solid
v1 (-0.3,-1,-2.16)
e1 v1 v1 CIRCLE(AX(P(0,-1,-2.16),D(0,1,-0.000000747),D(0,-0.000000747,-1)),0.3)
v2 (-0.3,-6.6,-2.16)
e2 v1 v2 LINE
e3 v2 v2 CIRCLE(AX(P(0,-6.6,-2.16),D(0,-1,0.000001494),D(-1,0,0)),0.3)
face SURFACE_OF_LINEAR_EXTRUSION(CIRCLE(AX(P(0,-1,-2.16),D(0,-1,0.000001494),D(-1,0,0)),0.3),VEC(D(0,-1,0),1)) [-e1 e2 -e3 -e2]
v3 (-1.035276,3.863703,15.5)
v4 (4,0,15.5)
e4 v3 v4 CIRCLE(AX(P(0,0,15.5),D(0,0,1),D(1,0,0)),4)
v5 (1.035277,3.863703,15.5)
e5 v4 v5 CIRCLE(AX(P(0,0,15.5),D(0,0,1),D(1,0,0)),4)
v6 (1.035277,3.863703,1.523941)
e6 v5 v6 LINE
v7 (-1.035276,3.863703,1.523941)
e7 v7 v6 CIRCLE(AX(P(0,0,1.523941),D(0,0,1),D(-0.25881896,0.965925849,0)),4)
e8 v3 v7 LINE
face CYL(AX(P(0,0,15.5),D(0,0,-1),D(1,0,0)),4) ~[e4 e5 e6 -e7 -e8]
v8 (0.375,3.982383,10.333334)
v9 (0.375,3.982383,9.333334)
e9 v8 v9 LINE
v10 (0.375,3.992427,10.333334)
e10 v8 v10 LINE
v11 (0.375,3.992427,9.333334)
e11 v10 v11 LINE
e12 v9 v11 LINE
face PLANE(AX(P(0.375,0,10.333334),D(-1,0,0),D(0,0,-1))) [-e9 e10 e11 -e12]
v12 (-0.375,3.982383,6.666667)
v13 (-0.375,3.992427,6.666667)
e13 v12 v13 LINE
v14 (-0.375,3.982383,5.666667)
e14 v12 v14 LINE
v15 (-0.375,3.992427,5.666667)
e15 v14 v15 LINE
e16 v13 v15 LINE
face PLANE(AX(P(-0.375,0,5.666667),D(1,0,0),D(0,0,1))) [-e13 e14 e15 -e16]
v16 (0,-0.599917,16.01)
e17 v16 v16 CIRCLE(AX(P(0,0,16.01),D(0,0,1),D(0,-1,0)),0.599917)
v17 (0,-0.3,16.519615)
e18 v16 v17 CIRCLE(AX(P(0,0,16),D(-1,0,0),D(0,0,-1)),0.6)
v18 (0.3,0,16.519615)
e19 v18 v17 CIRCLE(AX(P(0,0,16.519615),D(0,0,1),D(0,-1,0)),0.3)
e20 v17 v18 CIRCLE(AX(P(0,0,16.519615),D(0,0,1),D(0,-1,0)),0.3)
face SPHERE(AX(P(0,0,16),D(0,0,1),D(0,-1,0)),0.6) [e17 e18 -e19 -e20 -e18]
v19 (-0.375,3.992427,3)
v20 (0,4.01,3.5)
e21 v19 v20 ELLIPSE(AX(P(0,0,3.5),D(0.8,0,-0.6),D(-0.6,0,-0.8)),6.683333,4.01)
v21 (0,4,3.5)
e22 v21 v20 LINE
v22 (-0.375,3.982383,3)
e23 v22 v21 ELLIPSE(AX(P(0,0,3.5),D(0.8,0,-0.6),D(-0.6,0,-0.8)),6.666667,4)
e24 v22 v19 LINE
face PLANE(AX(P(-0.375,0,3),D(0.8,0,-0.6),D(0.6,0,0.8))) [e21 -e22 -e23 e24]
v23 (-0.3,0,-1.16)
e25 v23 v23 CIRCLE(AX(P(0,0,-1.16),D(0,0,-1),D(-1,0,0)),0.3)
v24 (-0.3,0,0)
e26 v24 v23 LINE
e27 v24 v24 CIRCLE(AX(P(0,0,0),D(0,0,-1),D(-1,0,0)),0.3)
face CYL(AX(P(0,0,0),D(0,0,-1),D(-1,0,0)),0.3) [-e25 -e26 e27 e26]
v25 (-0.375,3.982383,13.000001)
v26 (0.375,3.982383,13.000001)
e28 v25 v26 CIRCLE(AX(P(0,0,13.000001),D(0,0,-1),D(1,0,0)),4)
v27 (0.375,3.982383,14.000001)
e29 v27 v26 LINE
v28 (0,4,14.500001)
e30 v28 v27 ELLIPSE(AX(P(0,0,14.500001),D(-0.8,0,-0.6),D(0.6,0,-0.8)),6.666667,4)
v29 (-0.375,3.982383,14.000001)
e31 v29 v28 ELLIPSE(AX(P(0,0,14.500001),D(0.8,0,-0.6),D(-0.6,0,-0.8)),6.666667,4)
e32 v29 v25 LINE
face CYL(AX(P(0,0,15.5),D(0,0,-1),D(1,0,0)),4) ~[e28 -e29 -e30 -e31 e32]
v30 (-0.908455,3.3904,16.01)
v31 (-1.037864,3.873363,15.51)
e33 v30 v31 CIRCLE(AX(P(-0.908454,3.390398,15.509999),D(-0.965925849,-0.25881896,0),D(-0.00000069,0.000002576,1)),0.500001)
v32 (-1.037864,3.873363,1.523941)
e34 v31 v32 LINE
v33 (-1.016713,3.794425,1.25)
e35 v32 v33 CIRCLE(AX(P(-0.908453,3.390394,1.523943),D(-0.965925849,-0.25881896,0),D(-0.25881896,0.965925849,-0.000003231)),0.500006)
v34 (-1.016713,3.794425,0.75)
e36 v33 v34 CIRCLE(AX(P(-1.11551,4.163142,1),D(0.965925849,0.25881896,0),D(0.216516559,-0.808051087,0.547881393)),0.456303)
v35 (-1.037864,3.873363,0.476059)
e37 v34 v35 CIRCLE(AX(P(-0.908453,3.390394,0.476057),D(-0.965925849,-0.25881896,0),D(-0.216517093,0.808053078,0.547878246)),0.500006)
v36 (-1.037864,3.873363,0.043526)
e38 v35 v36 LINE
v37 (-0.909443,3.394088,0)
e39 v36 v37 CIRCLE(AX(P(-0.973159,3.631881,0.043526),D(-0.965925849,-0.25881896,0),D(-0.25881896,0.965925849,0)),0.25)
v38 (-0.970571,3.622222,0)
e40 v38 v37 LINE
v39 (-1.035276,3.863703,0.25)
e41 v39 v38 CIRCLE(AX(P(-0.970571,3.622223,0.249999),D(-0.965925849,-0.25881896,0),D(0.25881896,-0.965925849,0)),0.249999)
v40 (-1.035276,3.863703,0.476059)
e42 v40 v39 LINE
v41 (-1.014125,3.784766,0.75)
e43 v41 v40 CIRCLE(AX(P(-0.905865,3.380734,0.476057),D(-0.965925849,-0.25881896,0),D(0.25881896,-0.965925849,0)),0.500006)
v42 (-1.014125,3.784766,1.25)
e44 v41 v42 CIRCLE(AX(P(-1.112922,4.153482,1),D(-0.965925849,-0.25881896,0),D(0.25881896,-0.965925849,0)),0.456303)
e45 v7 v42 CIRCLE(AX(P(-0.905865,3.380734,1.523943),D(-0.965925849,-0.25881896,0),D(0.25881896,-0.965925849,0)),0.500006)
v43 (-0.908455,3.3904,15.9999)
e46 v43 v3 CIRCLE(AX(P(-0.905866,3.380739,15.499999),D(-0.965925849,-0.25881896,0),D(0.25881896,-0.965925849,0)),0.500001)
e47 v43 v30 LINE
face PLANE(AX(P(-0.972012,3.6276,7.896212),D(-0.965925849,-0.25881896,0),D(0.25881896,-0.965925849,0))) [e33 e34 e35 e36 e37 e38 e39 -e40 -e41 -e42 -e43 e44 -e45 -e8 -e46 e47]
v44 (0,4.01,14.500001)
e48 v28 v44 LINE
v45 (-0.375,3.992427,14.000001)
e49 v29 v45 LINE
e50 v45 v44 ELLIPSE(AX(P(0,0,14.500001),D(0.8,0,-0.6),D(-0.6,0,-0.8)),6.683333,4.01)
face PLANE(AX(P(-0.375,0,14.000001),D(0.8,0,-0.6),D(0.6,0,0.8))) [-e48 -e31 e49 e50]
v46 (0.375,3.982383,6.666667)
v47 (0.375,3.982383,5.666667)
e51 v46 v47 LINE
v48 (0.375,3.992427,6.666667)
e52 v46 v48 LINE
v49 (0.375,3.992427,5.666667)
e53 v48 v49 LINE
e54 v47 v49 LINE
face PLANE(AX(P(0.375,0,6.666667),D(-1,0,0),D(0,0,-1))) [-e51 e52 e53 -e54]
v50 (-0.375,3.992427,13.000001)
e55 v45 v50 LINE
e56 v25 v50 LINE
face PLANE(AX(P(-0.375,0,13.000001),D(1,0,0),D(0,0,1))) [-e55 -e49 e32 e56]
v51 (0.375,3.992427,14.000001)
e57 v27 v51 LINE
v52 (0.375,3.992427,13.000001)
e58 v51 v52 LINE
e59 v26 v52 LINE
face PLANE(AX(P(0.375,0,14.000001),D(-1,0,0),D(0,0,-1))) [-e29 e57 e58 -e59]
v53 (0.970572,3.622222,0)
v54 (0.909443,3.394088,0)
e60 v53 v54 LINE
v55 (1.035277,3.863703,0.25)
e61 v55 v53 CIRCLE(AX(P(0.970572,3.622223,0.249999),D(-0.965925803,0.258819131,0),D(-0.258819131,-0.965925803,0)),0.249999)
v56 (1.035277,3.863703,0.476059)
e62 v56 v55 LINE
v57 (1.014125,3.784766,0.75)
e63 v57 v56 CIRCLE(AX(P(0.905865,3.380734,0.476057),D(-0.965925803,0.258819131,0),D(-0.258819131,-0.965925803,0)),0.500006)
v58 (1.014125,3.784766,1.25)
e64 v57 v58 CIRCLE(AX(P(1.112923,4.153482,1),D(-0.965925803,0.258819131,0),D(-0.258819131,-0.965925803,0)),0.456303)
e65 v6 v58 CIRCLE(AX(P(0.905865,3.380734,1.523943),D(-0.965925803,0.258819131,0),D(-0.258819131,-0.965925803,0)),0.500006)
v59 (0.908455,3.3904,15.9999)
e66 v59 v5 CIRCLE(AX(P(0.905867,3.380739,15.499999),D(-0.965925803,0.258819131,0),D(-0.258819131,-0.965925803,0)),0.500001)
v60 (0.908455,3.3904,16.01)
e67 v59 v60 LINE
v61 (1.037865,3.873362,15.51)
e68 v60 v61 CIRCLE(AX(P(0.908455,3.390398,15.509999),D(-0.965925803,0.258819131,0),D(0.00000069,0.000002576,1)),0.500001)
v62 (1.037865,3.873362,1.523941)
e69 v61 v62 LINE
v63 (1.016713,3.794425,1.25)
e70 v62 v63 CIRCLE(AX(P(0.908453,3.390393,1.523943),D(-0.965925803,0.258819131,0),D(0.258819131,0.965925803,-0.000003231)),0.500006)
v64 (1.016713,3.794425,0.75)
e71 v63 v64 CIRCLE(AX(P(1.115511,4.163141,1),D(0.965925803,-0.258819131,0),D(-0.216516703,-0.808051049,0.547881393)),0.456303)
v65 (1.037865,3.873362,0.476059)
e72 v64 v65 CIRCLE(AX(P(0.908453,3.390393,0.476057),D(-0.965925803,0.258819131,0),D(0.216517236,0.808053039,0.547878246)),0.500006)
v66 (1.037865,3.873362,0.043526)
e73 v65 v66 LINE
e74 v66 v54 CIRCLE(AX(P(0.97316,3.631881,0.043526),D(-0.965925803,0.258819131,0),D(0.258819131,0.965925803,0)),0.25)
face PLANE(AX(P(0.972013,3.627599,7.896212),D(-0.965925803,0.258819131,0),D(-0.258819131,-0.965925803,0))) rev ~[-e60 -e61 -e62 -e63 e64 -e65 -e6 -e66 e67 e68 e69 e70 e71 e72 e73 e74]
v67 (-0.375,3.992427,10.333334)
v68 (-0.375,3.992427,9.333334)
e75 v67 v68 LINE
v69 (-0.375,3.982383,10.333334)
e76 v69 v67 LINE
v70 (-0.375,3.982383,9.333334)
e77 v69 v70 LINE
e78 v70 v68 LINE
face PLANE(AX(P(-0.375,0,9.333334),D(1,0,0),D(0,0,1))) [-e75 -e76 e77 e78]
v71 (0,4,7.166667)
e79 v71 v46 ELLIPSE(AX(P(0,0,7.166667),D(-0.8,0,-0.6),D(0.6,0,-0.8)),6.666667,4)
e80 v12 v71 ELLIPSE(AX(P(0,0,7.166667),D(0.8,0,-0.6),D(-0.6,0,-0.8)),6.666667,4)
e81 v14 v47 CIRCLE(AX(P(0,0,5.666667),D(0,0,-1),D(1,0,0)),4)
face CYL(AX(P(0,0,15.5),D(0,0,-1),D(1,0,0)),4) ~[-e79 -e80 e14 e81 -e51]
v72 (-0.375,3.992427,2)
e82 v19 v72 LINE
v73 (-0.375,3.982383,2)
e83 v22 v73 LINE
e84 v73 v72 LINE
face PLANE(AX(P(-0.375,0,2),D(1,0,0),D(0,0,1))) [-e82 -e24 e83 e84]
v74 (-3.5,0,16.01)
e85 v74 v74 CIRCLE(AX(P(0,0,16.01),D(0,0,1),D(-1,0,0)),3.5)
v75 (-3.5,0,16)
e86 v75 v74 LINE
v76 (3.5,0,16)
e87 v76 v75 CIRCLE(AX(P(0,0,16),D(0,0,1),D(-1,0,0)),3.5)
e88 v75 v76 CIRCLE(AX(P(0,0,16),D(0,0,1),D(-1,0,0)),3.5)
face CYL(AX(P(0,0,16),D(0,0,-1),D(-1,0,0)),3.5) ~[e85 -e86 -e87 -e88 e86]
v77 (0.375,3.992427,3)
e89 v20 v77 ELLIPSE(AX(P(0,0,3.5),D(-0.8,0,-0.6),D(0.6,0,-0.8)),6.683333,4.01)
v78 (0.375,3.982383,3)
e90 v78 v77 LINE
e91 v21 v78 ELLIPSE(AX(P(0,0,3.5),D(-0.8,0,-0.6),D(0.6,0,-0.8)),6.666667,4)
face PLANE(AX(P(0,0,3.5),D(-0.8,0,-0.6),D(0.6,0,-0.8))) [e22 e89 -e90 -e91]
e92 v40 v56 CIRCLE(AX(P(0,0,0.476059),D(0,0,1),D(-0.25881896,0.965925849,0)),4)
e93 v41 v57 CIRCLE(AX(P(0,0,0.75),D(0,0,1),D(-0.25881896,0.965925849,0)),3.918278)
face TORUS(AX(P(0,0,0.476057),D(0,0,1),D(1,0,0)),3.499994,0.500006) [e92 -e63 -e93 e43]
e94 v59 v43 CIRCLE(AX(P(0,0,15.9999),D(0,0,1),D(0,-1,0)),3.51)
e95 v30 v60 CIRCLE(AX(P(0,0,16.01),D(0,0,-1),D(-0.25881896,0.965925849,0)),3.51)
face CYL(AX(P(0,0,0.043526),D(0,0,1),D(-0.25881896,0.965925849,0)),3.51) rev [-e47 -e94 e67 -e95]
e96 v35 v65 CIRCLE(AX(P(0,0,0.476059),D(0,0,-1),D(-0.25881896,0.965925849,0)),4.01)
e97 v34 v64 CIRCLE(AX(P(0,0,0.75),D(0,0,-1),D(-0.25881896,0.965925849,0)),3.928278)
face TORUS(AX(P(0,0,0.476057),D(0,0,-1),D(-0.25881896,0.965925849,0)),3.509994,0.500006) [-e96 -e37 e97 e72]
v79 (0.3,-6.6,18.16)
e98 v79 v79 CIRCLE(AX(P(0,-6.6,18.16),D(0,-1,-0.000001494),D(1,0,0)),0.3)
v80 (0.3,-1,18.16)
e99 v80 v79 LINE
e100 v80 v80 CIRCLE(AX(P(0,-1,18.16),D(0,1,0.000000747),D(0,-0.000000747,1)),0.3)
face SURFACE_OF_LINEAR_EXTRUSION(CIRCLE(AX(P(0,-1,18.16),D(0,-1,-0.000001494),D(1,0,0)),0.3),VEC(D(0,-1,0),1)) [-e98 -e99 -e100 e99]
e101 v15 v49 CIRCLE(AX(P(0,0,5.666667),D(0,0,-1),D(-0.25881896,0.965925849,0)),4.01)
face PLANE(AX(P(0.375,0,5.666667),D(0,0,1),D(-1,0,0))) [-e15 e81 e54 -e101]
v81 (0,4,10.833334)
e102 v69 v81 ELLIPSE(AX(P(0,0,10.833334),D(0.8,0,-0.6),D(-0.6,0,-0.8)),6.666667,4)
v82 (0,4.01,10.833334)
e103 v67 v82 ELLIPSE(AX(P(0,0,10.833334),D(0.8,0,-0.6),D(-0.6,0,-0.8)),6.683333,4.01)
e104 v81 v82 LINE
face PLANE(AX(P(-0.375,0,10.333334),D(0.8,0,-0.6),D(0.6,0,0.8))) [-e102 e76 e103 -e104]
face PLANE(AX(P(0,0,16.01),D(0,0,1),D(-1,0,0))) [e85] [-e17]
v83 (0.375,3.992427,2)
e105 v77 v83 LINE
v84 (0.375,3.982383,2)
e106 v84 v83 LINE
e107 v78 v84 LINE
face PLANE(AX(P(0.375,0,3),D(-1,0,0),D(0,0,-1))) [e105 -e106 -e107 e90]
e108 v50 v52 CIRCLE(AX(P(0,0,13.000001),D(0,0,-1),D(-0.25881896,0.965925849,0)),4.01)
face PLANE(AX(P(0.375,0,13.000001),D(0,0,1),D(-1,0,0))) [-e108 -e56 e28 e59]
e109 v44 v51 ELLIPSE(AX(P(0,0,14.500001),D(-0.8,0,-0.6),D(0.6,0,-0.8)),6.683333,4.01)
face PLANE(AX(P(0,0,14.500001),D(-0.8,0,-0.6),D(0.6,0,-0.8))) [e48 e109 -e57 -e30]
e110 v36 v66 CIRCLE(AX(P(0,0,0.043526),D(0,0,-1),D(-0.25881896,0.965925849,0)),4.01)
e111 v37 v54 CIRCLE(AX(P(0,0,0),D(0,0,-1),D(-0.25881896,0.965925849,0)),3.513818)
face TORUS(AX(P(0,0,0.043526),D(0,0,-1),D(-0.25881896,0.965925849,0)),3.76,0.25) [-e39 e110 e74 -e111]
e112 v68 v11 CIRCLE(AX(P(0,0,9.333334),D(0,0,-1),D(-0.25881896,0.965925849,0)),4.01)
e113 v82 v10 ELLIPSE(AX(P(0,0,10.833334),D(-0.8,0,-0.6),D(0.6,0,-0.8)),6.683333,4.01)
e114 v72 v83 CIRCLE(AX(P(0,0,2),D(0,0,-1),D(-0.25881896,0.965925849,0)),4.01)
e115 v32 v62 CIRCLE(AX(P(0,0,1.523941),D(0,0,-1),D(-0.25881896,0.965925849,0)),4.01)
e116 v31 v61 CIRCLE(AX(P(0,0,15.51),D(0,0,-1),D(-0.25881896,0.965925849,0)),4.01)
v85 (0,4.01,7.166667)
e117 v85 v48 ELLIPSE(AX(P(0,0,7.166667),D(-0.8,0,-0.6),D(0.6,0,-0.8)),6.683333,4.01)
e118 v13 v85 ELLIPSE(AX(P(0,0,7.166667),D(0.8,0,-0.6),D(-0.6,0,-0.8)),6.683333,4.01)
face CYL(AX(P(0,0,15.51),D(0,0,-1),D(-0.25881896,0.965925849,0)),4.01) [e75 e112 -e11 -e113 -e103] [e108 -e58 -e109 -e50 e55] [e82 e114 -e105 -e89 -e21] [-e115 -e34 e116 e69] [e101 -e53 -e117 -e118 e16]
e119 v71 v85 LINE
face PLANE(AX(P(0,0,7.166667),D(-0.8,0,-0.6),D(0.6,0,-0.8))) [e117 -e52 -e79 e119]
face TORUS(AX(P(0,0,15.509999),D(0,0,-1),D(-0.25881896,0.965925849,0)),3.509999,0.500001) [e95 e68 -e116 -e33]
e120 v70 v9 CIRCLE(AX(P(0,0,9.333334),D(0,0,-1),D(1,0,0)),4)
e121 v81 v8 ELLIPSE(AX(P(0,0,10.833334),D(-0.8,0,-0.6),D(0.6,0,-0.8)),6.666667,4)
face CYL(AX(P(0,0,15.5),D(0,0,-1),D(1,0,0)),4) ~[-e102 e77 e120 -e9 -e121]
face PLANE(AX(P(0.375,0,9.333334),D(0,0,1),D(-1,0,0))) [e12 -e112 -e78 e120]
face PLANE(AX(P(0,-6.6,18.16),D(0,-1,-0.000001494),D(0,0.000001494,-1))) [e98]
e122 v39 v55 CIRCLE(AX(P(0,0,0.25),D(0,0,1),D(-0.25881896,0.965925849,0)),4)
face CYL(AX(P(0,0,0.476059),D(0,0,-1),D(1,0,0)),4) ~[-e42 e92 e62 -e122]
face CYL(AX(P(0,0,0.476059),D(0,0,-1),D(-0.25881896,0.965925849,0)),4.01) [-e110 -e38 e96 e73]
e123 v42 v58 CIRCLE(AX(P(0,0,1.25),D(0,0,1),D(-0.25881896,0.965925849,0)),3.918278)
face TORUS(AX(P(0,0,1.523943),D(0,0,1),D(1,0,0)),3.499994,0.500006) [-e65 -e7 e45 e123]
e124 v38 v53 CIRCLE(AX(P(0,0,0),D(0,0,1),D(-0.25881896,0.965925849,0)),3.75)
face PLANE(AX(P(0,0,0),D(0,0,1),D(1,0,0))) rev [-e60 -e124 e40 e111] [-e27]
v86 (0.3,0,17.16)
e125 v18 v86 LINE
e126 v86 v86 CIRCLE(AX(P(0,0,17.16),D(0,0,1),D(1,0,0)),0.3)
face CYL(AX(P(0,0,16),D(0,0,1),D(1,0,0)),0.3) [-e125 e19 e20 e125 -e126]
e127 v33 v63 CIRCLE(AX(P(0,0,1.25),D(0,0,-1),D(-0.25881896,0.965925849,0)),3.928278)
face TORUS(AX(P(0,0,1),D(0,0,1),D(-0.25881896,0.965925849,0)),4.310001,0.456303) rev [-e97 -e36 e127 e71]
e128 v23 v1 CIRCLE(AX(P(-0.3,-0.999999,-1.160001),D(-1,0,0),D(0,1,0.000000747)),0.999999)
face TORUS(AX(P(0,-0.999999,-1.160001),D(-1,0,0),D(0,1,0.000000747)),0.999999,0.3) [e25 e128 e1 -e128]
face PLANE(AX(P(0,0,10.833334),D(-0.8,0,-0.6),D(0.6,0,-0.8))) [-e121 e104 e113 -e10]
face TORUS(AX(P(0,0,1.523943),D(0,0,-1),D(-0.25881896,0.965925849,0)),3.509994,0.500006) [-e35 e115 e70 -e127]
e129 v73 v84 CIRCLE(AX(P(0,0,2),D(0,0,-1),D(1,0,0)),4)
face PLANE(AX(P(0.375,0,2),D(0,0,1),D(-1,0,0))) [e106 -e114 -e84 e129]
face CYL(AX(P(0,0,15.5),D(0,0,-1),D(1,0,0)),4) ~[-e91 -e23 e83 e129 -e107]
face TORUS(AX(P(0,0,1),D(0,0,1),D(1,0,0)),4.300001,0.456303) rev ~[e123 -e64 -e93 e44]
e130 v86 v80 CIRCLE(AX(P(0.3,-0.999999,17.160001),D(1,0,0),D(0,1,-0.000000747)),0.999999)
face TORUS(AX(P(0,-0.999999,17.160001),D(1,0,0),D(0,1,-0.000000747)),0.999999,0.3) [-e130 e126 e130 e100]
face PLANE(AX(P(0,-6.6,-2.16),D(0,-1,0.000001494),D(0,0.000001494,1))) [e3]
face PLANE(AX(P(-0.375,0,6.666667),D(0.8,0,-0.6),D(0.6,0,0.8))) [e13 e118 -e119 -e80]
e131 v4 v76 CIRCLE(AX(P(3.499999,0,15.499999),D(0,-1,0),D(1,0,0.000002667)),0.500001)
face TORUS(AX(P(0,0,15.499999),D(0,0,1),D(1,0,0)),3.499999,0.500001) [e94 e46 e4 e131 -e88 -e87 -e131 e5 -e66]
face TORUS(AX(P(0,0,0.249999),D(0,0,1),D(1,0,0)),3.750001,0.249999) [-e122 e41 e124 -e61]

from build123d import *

# Parameters (mm, degrees)
SKETCH011_R             = 0.3
BODY007_PLACEMENT_ANGLE = 180
REVOLUTION001_ANGLE     = -30
POCKET_DEPTH            = 4.011
LINEARPATTERN_COUNT     = 4
LINEARPATTERN_PITCH     = 3.666667
SKETCH012_R             = 3.5
PAD_DEPTH               = 0.01
BODY008_PLACEMENT_ANGLE = 90


with BuildPart() as lead:
    # AdditivePipe: sweep along a path in Sketch010
    with BuildLine(Plane(origin=(0, 0, 0), x_dir=(0, -1, 0), z_dir=(-1, 0, 0))) as additivepipe_path:
        Line((0, 16), (0, 17.16))
        ThreePointArc((0, 17.16), (0.292893, 17.867107), (1, 18.16))
        Line((1, 18.16), (6.6, 18.16))
    # Sketch011 → AdditivePipe (sweep)
    with BuildSketch(Plane.XY.offset(16)):
        Circle(SKETCH011_R)
    sweep(path=additivepipe_path.line)


with BuildPart() as leadclone:
    # Body007 base: copy of Lead
    add(lead.part)


with BuildPart() as leadclone_1:
    # Body007 placement: moved
    add(leadclone.part.moved(Location((0, 0, 16))).rotate(Axis((0, 0, 16), (0, 1, 0)), BODY007_PLACEMENT_ANGLE))


with BuildPart() as polaritymarking:
    # Sketch005 → Revolution001 (revolve)
    with BuildSketch(Plane(origin=(0, 0, 0), x_dir=(-0.258819, 0.965926, 0), z_dir=(0.965926, 0.258819, 0))):
        with BuildLine():
            Line((3.51, 0.043526), (3.51, 16.01))
            ThreePointArc((3.51, 16.01), (3.863553, 15.863553), (4.01, 15.51))
            Line((4.01, 15.51), (4.01, 1.523941))
            ThreePointArc((4.01, 1.523941), (3.989134, 1.381006), (3.928278, 1.25))
            ThreePointArc((3.928278, 1.25), (3.853698, 1), (3.928278, 0.75))
            ThreePointArc((3.928278, 0.75), (3.989134, 0.618994), (4.01, 0.476059))
            Line((4.01, 0.476059), (4.01, 0.043526))
            ThreePointArc((4.01, 0.043526), (3.76, -0.206474), (3.51, 0.043526))
        make_face()
    revolve(axis=Axis((0, 0, 0), (0, 0, 1)), revolution_arc=REVOLUTION001_ANGLE)

    # Sketch013 → Pocket (cut, through all)
    with BuildSketch(Plane.XZ):
        Polygon((0.375, 2), (-0.375, 2), (-0.375, 3), (0, 3.5), (0.375, 3), align=None)
    pocket = extrude(amount=-POCKET_DEPTH, mode=Mode.SUBTRACT)

    # LinearPattern: Pocket ×4
    with Locations(*[(0, 0, i * LINEARPATTERN_PITCH) for i in range(1, LINEARPATTERN_COUNT)]):
        add(pocket, mode=Mode.SUBTRACT)


with BuildPart() as housing:
    # Sketch → Revolution (revolve)
    with BuildSketch(Plane.XZ):
        with BuildLine():
            Line((0, 16), (3.5, 16))
            ThreePointArc((4, 15.5), (3.853553, 15.853553), (3.5, 16))
            Line((4, 15.5), (4, 1.523941))
            ThreePointArc((3.918278, 1.25), (3.979134, 1.381006), (4, 1.523941))
            ThreePointArc((3.918278, 1.25), (3.843698, 1), (3.918278, 0.75))
            ThreePointArc((4, 0.476059), (3.979134, 0.618994), (3.918278, 0.75))
            Line((4, 0.476059), (4, 0.25))
            ThreePointArc((3.75, 0), (3.926777, 0.073223), (4, 0.25))
            Line((0, 0), (3.75, 0))
            Line((0, 16), (0, 0))
        make_face()
    revolve(axis=Axis((0, 0, 0), (0, 0, 1)))


with BuildPart() as fusion:
    # Sphere → Sphere (revolve)
    with BuildSketch(Plane.XZ):
        with BuildLine():
            ThreePointArc((0, -0.6), (0.6, 0), (0, 0.6))
            Line((0, 0.6), (0, -0.6))
        make_face()
    revolve(axis=Axis((0, 0, 0), (0, 0, 1)))

    # Sketch012 (on ShapeBinder) → Pad (new body)
    with BuildSketch(Plane(origin=(0, 0, 0), x_dir=(0, -1, 0), z_dir=(0, 0, 1))):
        Circle(SKETCH012_R)
    extrude(amount=PAD_DEPTH)


with BuildPart() as fusion_1:
    # Body008 placement: moved
    add(fusion.part.moved(Location((0, 0, 16))).rotate(Axis((0, 0, 16), (0, 0, -1)), BODY008_PLACEMENT_ANGLE))

    # Fusion: union LeadClone, Lead, PolarityMarking, Housing
    add(leadclone_1.part)
    add(lead.part)
    add(polaritymarking.part)
    add(housing.part)


solid = fusion_1.part
